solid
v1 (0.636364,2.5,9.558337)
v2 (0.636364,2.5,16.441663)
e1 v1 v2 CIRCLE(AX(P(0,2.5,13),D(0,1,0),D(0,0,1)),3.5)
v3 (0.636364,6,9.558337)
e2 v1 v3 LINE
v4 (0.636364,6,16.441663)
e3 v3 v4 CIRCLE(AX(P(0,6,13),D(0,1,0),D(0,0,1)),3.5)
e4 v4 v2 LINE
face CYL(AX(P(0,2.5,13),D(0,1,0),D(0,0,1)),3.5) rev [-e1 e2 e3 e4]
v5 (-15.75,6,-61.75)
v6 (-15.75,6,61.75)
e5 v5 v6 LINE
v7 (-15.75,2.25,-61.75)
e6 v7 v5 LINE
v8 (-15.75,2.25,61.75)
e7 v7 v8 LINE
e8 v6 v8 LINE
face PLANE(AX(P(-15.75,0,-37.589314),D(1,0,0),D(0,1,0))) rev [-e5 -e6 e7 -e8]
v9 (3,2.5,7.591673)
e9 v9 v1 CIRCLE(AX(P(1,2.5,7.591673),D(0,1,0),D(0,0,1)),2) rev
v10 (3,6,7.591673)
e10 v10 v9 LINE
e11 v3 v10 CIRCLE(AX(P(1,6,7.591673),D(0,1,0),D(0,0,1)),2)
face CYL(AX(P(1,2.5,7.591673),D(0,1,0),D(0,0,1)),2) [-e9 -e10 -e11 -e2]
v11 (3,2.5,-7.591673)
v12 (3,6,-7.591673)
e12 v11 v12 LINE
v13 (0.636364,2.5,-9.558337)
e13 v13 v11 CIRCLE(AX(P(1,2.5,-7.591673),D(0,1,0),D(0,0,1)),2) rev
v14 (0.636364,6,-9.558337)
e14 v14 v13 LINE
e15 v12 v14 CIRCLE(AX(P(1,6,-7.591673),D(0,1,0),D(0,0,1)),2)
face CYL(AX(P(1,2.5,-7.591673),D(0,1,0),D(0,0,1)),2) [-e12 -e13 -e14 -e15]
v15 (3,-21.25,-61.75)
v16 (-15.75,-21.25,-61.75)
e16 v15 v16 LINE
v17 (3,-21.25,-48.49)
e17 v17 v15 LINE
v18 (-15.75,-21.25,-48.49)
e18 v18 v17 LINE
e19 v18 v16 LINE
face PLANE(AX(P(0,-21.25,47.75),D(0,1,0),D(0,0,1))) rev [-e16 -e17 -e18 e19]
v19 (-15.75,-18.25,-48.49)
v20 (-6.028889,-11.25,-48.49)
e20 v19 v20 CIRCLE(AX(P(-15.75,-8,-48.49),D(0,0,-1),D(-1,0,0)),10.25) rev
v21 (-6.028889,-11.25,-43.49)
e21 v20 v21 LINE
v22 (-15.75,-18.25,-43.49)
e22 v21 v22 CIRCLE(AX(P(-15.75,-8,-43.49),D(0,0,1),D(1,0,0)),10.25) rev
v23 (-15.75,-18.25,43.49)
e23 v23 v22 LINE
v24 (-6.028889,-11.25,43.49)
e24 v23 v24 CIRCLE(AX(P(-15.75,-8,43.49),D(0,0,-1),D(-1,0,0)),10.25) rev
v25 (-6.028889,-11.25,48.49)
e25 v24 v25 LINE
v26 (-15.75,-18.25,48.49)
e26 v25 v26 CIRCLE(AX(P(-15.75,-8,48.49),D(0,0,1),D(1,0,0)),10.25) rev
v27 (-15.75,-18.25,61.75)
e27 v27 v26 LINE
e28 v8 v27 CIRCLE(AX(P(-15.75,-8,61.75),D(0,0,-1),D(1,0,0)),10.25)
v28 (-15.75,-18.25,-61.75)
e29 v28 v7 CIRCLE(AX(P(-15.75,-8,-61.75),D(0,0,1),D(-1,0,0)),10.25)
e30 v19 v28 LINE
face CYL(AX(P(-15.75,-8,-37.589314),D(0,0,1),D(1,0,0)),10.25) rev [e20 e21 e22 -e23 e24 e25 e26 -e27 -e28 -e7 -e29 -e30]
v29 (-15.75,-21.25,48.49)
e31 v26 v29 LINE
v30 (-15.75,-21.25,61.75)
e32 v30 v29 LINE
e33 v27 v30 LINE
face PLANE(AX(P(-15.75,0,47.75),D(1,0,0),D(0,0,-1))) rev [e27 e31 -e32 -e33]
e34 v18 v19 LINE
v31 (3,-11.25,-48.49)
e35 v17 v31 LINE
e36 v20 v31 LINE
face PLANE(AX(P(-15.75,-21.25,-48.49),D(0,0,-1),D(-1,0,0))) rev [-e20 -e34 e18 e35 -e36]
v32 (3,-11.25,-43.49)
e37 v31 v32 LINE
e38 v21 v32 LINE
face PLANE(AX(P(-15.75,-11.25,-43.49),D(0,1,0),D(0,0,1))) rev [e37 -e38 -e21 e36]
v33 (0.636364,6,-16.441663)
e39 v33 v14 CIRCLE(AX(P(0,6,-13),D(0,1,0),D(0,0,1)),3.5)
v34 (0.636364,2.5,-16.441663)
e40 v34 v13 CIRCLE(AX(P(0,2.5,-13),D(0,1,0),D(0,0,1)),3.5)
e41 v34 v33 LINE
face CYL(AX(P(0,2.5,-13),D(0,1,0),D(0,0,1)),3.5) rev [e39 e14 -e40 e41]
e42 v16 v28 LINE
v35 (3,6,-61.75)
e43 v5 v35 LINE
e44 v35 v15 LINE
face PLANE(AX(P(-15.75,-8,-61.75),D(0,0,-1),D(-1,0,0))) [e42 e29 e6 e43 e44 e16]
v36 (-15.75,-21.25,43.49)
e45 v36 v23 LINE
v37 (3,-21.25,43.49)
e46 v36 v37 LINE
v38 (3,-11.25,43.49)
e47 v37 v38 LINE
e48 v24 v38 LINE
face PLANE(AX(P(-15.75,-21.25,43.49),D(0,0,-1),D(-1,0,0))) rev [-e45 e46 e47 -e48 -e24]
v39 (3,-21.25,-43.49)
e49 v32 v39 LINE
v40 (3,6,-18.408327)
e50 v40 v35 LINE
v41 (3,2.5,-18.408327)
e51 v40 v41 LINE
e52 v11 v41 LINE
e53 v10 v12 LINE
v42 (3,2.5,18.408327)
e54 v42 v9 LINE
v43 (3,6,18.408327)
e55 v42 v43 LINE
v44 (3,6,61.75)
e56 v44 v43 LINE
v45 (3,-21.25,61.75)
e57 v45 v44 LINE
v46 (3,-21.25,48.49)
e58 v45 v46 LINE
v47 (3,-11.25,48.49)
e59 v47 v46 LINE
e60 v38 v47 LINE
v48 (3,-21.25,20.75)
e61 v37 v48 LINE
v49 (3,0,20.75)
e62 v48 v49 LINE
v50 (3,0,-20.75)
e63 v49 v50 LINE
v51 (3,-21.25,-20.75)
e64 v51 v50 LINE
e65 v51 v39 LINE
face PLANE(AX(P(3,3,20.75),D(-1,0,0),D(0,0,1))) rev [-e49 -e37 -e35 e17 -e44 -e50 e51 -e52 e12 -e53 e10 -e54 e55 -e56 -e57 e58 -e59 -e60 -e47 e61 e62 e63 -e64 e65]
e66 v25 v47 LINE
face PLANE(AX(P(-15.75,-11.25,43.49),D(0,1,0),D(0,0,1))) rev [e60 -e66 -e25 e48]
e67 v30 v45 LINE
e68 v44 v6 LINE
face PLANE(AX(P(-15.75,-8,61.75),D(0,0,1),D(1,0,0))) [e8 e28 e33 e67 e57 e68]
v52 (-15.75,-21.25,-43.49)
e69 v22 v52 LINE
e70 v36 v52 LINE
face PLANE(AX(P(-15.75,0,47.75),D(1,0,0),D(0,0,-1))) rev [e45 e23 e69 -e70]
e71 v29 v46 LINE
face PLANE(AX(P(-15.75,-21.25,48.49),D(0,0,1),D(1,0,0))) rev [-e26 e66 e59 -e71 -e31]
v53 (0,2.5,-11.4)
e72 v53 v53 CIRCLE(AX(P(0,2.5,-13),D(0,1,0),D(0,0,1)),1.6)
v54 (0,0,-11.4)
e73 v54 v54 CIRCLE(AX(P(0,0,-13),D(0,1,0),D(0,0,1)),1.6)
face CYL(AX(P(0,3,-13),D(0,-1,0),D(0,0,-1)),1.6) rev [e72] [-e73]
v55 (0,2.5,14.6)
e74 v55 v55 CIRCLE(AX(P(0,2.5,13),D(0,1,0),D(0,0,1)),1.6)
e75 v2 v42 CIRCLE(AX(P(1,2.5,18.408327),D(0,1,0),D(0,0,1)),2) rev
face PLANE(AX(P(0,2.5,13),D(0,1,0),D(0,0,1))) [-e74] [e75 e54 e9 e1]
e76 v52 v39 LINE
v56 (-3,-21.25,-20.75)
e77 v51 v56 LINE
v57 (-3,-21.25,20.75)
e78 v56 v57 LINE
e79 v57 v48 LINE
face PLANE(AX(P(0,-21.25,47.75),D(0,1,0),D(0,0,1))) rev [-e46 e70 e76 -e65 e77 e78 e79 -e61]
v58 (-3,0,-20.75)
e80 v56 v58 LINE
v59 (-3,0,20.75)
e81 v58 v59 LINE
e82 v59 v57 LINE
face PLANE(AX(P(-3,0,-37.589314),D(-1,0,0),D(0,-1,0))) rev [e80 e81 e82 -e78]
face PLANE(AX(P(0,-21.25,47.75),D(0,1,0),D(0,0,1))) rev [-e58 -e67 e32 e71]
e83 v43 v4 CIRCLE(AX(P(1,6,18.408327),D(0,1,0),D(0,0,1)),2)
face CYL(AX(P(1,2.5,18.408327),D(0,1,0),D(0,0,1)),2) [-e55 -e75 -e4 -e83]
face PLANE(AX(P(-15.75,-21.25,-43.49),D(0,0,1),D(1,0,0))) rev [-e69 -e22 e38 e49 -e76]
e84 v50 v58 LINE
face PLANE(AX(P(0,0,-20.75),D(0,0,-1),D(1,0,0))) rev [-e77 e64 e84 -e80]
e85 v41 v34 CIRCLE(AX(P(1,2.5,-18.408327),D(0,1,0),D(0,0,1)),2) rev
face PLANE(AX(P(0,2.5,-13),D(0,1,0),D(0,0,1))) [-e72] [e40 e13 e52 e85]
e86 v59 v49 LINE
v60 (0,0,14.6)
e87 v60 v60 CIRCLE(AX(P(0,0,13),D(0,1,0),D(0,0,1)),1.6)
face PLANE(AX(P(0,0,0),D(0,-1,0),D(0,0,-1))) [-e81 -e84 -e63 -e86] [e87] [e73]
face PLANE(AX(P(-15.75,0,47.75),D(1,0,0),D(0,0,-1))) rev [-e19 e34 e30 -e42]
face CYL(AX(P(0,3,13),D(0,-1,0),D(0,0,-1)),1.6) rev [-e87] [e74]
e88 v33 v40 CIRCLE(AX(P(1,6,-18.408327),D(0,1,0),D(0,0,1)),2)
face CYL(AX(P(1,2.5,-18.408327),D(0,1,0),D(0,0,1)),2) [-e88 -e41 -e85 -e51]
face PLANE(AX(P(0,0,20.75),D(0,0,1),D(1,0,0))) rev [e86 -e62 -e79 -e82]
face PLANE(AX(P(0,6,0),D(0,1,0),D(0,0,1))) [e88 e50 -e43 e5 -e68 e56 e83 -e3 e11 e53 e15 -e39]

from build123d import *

# Parameters (mm, degrees)
SKETCH_1_W          = 6
SKETCH_1_H          = 41.5
SKETCH_1_R          = 1.6
EXTRUDE_1_DEPTH     = 3
EXTRUDE_2_DEPTH     = 41.5
EXTRUDE_START       = 17
EXTRUDE_3_DEPTH     = 17
EXTRUDE_START_2     = 10
EXTRUDE_4_DEPTH     = 10
SKETCH_6_W          = 18.75
SKETCH_6_H          = 95.5
SKETCH_6_R          = 1.6
EXTRUDE_5_DEPTH     = 3
EXTRUDE_START_3     = 75.5
EXTRUDE_6_DEPTH     = 75.5
SKETCH_8_W          = 6
SKETCH_8_H          = 41.5
CUT_EXTRUDE_1_DEPTH = 53.193150892
SKETCH_9_R          = 3.5
CUT_EXTRUDE_2_DEPTH = 3.5
FILLET_1_R          = 2
EXTRUDE_START_4     = 14
EXTRUDE_7_DEPTH     = 14
EXTRUDE_8_DEPTH     = 14
SKETCH_12_W         = 5
SKETCH_12_H         = 10
CUT_EXTRUDE_3_DEPTH = 68.942530862


with BuildPart() as part:
    # 草图1 → 凸台-拉伸1 (new body)
    with BuildSketch(Plane(origin=(0, 0, 0), x_dir=(1, 0, 0), z_dir=(0, 1, 0))):
        Rectangle(SKETCH_1_W, SKETCH_1_H)
        with Locations(Location((0, 13, 0), (0, 0, 270))):
            Circle(SKETCH_1_R, mode=Mode.SUBTRACT)
        with Locations(Location((0, -13, 0), (0, 0, 270))):
            Circle(SKETCH_1_R, mode=Mode.SUBTRACT)
    extrude(amount=EXTRUDE_1_DEPTH)

    # 草图2 → 凸台-拉伸2 (add)
    with BuildSketch(Plane.XY.offset(20.75)):
        with BuildLine():
            ThreePointArc((-5.5, -8), (-8.502155493, -0.752155493), (-15.75, 2.25))
            Line((-15.75, 2.25), (-15.75, 3))
            Line((-15.75, 3), (-5.5, 3))
            Line((-5.5, 3), (-5.5, -8))
        make_face()
        Polygon((-5.5, 3), (-5.5, -8), (-3, -8), (-3, 0), (-3, 3), align=None)
    extrude(amount=-EXTRUDE_2_DEPTH)

    # 草图4 → 凸台-拉伸3 (add)
    with BuildSketch(Plane.XY.offset(20.75).offset(EXTRUDE_START)):
        with BuildLine():
            Line((3, -8), (3, 3))
            Line((3, 3), (-15.75, 3))
            Line((-15.75, 3), (-15.75, 2.25))
            ThreePointArc((-15.75, 2.25), (-8.502155493, -0.752155493), (-5.5, -8))
            Line((-5.5, -8), (3, -8))
        make_face()
    extrude_3 = extrude(amount=-EXTRUDE_3_DEPTH)

    # 草图5 → 凸台-拉伸4 (add)
    with BuildSketch(Plane.XY.offset(37.75).offset(EXTRUDE_START_2)):
        with BuildLine():
            Line((-15.75, -18.25), (-15.75, -21.25))
            Line((-15.75, -21.25), (3, -21.25))
            Line((3, -21.25), (3, 3))
            Line((3, 3), (-15.75, 3))
            Line((-15.75, 3), (-15.75, 2.25))
            ThreePointArc((-15.75, 2.25), (-5.5, -8), (-15.75, -18.25))
        make_face()
    extrude_4 = extrude(amount=-EXTRUDE_4_DEPTH)

    # 镜向1: 凸台-拉伸3, 凸台-拉伸4 across plane
    add(extrude_3.mirror(Plane.XY))
    add(extrude_4.mirror(Plane.XY))

    # 草图6 → 凸台-拉伸5 (add)
    with BuildSketch(Plane(origin=(0, 3, 0), x_dir=(1, 0, 0), z_dir=(0, 1, 0))):
        with Locations((-6.375, 0)):
            Rectangle(SKETCH_6_W, SKETCH_6_H)
        with Locations(Location((0, -13, 0), (0, 0, 270))):
            Circle(SKETCH_6_R, mode=Mode.SUBTRACT)
        with Locations(Location((0, 13, 0), (0, 0, 270))):
            Circle(SKETCH_6_R, mode=Mode.SUBTRACT)
    extrude(amount=EXTRUDE_5_DEPTH)

    # 草图7 → 凸台-拉伸6 (add)
    with BuildSketch(Plane.XY.offset(-37.75).offset(EXTRUDE_START_3)):
        with BuildLine():
            Line((3, -8), (-5.5, -8))
            ThreePointArc((-5.5, -8), (-8.502155493, -15.247844507), (-15.75, -18.25))
            Line((-15.75, -18.25), (-15.75, -21.25))
            Line((-15.75, -21.25), (3, -21.25))
            Line((3, -21.25), (3, -8))
        make_face()
    extrude(amount=-EXTRUDE_6_DEPTH)

    # 草图8 → 切除-拉伸1 (cut, through all)
    with BuildSketch(Plane(origin=(0, -8, 0), x_dir=(1, 0, 0), z_dir=(0, 1, 0))):
        Rectangle(SKETCH_8_W, SKETCH_8_H)
    extrude(amount=-CUT_EXTRUDE_1_DEPTH, mode=Mode.SUBTRACT)

    # 草图9 → 切除-拉伸2 (cut)
    with BuildSketch(Plane(origin=(0, 6, 0), x_dir=(1, 0, 0), z_dir=(0, 1, 0))):
        with Locations((0, 13)):
            Circle(SKETCH_9_R)
        with Locations((0, -13)):
            Circle(SKETCH_9_R)
    extrude(amount=-CUT_EXTRUDE_2_DEPTH, mode=Mode.SUBTRACT)

    # 圆角1
    fillet_1_edges = [part.edges().sort_by_distance(p)[0] for p in [
        (3, 4.25, -11.197224362),
        (3, 4.25, -14.802775638),
        (3, 4.25, 14.802775638),
        (3, 4.25, 11.197224362),
    ]]
    fillet(fillet_1_edges, radius=FILLET_1_R)

    # 草图10 → 凸台-拉伸7 (add)
    with BuildSketch(Plane.XY.offset(47.75).offset(EXTRUDE_START_4)):
        with BuildLine():
            Line((-15.75, -18.25), (-15.75, -21.25))
            Line((-15.75, -21.25), (3, -21.25))
            Line((3, -21.25), (3, 6))
            Line((3, 6), (-15.75, 6))
            Line((-15.75, 6), (-15.75, 2.25))
            ThreePointArc((-15.75, 2.25), (-5.5, -8), (-15.75, -18.25))
        make_face()
    extrude(amount=-EXTRUDE_7_DEPTH)

    # 草图11 → 凸台-拉伸8 (add)
    with BuildSketch(Plane(origin=(0, 0, -47.75), x_dir=(-1, 0, 0), z_dir=(0, 0, -1))):
        with BuildLine():
            Line((15.75, 2.25), (15.75, 6))
            Line((15.75, 6), (-3, 6))
            Line((-3, 6), (-3, -21.25))
            Line((-3, -21.25), (15.75, -21.25))
            Line((15.75, -21.25), (15.75, -18.25))
            ThreePointArc((15.75, -18.25), (5.5, -8), (15.75, 2.25))
        make_face()
    extrude(amount=EXTRUDE_8_DEPTH)

    # 草图12 → 切除-拉伸3 (cut, through all)
    with BuildSketch(Plane(origin=(3, 0, 0), x_dir=(0, 0, -1), z_dir=(1, 0, 0))):
        with Locations((45.99, -16.25)):
            Rectangle(SKETCH_12_W, SKETCH_12_H)
        with Locations((-45.99, -16.25)):
            Rectangle(SKETCH_12_W, SKETCH_12_H)
    extrude(amount=-CUT_EXTRUDE_3_DEPTH, mode=Mode.SUBTRACT)


solid = part.part
